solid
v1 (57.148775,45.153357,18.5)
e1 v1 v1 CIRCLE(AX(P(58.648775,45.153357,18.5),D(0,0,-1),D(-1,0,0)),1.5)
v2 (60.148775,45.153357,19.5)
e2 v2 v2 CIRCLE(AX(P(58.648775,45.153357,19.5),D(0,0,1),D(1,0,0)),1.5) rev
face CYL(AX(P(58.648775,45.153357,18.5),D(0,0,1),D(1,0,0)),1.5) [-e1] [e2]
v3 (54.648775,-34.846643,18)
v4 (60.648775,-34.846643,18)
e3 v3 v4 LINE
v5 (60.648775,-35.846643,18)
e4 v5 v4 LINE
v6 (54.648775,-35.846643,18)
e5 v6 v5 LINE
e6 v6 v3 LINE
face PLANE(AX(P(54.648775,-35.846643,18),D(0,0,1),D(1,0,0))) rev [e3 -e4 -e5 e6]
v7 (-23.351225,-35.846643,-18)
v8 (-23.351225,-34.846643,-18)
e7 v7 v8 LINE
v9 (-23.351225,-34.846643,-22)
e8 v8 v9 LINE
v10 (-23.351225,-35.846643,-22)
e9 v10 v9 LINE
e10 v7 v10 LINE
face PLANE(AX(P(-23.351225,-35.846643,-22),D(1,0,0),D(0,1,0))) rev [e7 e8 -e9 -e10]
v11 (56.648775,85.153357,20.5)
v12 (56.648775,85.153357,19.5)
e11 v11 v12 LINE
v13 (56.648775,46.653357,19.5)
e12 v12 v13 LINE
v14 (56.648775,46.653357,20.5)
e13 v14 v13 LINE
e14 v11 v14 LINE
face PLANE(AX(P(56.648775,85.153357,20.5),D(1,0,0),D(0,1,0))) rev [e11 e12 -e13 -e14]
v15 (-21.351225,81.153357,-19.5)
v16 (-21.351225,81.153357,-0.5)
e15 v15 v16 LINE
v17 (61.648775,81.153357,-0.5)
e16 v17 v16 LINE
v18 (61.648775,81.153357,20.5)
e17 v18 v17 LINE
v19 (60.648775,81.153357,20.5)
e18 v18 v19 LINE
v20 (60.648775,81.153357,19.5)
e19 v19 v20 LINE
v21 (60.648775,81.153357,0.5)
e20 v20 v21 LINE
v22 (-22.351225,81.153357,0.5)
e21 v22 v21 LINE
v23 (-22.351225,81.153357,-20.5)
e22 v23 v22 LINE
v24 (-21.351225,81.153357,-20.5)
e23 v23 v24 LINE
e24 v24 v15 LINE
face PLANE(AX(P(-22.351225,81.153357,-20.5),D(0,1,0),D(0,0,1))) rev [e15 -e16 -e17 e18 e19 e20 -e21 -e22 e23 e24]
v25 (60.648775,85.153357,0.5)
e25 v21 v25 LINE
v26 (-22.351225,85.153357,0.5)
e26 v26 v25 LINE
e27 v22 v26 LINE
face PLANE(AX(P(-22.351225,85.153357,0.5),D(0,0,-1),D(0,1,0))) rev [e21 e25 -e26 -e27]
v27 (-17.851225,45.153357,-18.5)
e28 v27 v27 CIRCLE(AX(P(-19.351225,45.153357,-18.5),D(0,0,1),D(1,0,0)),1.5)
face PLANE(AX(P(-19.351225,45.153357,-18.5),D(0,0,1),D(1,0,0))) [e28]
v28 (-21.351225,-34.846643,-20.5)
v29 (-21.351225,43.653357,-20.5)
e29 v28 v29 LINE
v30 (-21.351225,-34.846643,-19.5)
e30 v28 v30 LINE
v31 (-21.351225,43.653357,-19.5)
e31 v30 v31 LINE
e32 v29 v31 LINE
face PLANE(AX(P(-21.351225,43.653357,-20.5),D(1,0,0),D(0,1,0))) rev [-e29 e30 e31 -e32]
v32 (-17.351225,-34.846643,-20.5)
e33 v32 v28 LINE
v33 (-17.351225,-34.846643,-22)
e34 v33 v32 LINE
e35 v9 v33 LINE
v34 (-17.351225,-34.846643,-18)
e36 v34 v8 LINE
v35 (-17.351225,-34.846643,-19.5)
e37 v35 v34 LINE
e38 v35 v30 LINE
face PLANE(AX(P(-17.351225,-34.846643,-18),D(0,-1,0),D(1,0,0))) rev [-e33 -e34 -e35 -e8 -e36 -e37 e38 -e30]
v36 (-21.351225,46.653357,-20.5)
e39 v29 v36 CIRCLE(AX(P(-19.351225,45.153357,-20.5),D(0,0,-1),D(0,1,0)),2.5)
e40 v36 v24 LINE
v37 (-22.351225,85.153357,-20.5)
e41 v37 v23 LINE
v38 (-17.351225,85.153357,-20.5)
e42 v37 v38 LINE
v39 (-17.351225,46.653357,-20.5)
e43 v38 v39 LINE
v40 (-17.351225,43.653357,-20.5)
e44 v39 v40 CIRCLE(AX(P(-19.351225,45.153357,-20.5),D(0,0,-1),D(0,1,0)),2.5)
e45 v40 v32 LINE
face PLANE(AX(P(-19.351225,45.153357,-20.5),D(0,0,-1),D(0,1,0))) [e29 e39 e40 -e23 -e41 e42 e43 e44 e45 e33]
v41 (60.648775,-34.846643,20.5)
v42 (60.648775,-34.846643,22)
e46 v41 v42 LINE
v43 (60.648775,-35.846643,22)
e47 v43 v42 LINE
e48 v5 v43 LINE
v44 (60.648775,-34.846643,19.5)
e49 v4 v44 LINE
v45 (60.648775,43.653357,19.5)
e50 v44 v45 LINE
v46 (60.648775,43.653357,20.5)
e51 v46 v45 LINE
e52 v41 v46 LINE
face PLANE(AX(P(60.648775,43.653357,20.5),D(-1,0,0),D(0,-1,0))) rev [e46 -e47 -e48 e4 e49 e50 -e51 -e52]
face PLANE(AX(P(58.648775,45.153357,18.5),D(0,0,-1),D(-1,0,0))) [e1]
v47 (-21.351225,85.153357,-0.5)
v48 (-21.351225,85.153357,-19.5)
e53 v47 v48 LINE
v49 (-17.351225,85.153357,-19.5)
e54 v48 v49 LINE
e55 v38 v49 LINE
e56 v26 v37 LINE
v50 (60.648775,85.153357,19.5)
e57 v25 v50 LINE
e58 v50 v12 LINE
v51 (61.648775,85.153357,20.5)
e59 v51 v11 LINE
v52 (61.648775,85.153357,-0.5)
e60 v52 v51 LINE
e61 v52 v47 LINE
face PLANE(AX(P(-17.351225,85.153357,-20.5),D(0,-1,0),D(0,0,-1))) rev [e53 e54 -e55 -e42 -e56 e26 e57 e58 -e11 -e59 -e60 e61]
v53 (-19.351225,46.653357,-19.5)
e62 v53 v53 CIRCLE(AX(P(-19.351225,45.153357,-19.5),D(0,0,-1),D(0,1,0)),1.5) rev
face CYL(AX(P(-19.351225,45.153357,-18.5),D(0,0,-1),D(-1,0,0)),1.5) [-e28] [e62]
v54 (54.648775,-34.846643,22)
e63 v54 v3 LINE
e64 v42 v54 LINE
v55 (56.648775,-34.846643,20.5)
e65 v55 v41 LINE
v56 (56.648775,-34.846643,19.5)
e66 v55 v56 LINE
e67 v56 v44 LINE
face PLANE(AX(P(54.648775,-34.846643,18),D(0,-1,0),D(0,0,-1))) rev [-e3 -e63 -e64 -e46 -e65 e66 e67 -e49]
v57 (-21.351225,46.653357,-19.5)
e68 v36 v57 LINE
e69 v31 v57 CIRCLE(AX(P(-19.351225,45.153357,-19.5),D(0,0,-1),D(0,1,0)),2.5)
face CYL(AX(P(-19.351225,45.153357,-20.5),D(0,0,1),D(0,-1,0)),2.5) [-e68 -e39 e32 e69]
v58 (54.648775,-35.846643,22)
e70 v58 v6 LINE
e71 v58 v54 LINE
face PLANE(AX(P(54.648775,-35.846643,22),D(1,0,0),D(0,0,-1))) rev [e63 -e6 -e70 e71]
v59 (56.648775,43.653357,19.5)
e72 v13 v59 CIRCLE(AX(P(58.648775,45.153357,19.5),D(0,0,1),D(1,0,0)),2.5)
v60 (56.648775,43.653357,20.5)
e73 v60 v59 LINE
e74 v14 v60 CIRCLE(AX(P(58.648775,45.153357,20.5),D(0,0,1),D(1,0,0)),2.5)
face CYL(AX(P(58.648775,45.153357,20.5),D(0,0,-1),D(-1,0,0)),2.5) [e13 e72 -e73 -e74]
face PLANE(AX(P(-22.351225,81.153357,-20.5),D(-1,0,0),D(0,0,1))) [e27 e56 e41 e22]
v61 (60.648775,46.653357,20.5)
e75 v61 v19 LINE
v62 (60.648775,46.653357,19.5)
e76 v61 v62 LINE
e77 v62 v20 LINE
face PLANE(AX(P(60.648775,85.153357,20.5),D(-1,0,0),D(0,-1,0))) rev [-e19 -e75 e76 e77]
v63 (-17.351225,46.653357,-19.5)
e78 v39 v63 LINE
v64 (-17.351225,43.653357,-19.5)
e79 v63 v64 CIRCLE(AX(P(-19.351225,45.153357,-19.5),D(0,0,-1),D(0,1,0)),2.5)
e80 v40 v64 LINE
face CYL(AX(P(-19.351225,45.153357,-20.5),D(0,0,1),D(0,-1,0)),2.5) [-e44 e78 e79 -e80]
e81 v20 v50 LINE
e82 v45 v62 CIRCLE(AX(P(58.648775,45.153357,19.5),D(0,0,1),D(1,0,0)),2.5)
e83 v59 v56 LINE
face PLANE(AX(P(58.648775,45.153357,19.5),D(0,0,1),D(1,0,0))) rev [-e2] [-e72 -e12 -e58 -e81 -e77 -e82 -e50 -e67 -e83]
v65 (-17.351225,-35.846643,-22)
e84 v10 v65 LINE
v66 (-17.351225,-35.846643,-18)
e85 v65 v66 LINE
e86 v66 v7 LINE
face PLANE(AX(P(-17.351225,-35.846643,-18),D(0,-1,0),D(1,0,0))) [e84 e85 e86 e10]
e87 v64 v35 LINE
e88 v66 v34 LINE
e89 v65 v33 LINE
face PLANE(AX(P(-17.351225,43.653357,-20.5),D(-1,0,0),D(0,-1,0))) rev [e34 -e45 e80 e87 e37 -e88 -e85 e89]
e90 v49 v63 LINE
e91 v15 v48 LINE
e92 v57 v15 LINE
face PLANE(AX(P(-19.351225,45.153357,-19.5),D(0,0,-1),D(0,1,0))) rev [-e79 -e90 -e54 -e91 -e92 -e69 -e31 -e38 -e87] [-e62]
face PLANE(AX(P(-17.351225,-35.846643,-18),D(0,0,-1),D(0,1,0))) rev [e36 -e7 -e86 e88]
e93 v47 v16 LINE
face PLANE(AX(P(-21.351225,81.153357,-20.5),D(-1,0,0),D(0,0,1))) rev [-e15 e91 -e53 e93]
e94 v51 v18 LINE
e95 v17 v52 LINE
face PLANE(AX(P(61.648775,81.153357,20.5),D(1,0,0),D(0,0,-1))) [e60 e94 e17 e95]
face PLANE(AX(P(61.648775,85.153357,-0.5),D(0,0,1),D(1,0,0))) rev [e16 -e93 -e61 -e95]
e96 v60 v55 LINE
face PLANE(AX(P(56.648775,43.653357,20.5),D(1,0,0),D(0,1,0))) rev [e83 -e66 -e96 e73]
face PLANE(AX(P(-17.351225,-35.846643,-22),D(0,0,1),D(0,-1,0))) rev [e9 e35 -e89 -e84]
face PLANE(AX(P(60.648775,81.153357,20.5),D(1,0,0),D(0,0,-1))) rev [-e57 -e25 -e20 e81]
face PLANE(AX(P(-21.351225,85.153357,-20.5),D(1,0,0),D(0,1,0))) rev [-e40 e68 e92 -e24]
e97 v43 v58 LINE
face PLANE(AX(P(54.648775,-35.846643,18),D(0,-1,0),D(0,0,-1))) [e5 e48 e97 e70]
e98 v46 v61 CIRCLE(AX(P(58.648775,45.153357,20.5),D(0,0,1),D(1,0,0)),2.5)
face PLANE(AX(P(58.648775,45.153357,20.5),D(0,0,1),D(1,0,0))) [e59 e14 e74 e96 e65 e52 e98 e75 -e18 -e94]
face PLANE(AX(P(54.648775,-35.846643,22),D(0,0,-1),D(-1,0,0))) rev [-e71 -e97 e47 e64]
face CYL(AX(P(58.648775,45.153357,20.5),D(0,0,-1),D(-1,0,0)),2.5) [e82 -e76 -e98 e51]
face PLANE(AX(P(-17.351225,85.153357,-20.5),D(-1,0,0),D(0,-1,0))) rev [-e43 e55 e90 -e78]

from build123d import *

# Parameters (mm, degrees)
EXTRUDE_2_DEPTH  = 1
SKETCH_2_R       = 1.5
EXTRUDE_3_DEPTH  = 1
EXTRUDE_4_DEPTH  = 1
SKETCH_4_R       = 1.5
EXTRUDE_5_DEPTH  = 1
SKETCH_5_W       = 82
SKETCH_5_H       = 4
EXTRUDE_6_DEPTH  = 0.5
SKETCH_6_W       = 21
SKETCH_6_H       = 4
EXTRUDE_7_DEPTH  = 1
SKETCH_7_W       = 21
SKETCH_7_H       = 4
EXTRUDE_8_DEPTH  = 1
SKETCH_8_W       = 6
SKETCH_8_H       = 4
EXTRUDE_9_DEPTH  = 1
SKETCH_9_W       = 6
SKETCH_9_H       = 4
EXTRUDE_10_DEPTH = 1


with BuildPart() as part:
    # 草图1 → 凸台-拉伸2 (new body)
    with BuildSketch(Plane.XY.offset(19.5)):
        with BuildLine():
            Line((56.648774872, 85.153357287), (60.648774872, 85.153357287))
            Line((60.648774872, 85.153357287), (60.648774872, 46.653357287))
            ThreePointArc((60.648774872, 46.653357287), (61.148774872, 45.153357287), (60.648774872, 43.653357287))
            Line((60.648774872, 43.653357287), (60.648774872, -34.846642713))
            Line((60.648774872, -34.846642713), (56.648774872, -34.846642713))
            Line((56.648774872, -34.846642713), (56.648774872, 43.653357287))
            ThreePointArc((56.648774872, 43.653357287), (56.148774872, 45.153357287), (56.648774872, 46.653357287))
            Line((56.648774872, 46.653357287), (56.648774872, 85.153357287))
        make_face()
    extrude(amount=EXTRUDE_2_DEPTH)

    # 草图2 → 凸台-拉伸3 (add)
    with BuildSketch(Plane(origin=(0, 0, 19.5), x_dir=(-1, 0, 0), z_dir=(0, 0, -1))):
        with Locations((-58.648774872, 45.153357287)):
            Circle(SKETCH_2_R)
    extrude(amount=EXTRUDE_3_DEPTH)



with BuildPart() as body_2:
    # 草图3 → 凸台-拉伸4 (new body)
    with BuildSketch(Plane(origin=(0, 0, -19.5), x_dir=(-1, 0, 0), z_dir=(0, 0, -1))):
        with BuildLine():
            Line((17.351225128, 43.653357287), (17.351225128, -34.846642713))
            Line((17.351225128, -34.846642713), (21.351225128, -34.846642713))
            Line((21.351225128, -34.846642713), (21.351225128, 43.653357287))
            ThreePointArc((21.351225128, 43.653357287), (21.851225128, 45.153357287), (21.351225128, 46.653357287))
            Line((21.351225128, 46.653357287), (21.351225128, 85.153357287))
            Line((21.351225128, 85.153357287), (17.351225128, 85.153357287))
            Line((17.351225128, 85.153357287), (17.351225128, 46.653357287))
            ThreePointArc((17.351225128, 46.653357287), (16.851225128, 45.153357287), (17.351225128, 43.653357287))
        make_face()
    extrude(amount=EXTRUDE_4_DEPTH)

    # 草图4 → 凸台-拉伸5 (add)
    with BuildSketch(Plane.XY.offset(-19.5)):
        with Locations((-19.351225128, 45.153357287)):
            Circle(SKETCH_4_R)
    extrude(amount=EXTRUDE_5_DEPTH)


with BuildPart() as body_3:
    # 草图5 → 凸台-拉伸6 (new body, symmetric)
    with BuildSketch(Plane.XY):
        with Locations((19.648774872, 83.153357287)):
            Rectangle(SKETCH_5_W, SKETCH_5_H)
    extrude(amount=EXTRUDE_6_DEPTH, both=True)


with BuildPart() as part_1:
    add(part.part)

    add(body_3.part)  # 凸台-拉伸7 merges body 3
    # 草图6 → 凸台-拉伸7 (add)
    with BuildSketch(Plane(origin=(60.648774872, 0, 0), x_dir=(0, 0, -1), z_dir=(1, 0, 0))):
        with Locations((-10, 83.153357287)):
            Rectangle(SKETCH_6_W, SKETCH_6_H)
    extrude(amount=EXTRUDE_7_DEPTH)


    add(body_2.part)  # 凸台-拉伸8 merges body 2
    # 草图7 → 凸台-拉伸8 (add)
    with BuildSketch(Plane.ZY.offset(21.351225128)):
        with Locations((-10, 83.153357287)):
            Rectangle(SKETCH_7_W, SKETCH_7_H)
    extrude(amount=EXTRUDE_8_DEPTH)

    # 草图8 → 凸台-拉伸9 (add)
    with BuildSketch(Plane.XZ.offset(34.846642713)):
        with Locations((-20.351225128, -20)):
            Rectangle(SKETCH_8_W, SKETCH_8_H)
    extrude(amount=EXTRUDE_9_DEPTH)

    # 草图9 → 凸台-拉伸10 (add)
    with BuildSketch(Plane.XZ.offset(34.846642713)):
        with Locations((57.648774872, 20)):
            Rectangle(SKETCH_9_W, SKETCH_9_H)
    extrude(amount=EXTRUDE_10_DEPTH)


solid = part_1.part
